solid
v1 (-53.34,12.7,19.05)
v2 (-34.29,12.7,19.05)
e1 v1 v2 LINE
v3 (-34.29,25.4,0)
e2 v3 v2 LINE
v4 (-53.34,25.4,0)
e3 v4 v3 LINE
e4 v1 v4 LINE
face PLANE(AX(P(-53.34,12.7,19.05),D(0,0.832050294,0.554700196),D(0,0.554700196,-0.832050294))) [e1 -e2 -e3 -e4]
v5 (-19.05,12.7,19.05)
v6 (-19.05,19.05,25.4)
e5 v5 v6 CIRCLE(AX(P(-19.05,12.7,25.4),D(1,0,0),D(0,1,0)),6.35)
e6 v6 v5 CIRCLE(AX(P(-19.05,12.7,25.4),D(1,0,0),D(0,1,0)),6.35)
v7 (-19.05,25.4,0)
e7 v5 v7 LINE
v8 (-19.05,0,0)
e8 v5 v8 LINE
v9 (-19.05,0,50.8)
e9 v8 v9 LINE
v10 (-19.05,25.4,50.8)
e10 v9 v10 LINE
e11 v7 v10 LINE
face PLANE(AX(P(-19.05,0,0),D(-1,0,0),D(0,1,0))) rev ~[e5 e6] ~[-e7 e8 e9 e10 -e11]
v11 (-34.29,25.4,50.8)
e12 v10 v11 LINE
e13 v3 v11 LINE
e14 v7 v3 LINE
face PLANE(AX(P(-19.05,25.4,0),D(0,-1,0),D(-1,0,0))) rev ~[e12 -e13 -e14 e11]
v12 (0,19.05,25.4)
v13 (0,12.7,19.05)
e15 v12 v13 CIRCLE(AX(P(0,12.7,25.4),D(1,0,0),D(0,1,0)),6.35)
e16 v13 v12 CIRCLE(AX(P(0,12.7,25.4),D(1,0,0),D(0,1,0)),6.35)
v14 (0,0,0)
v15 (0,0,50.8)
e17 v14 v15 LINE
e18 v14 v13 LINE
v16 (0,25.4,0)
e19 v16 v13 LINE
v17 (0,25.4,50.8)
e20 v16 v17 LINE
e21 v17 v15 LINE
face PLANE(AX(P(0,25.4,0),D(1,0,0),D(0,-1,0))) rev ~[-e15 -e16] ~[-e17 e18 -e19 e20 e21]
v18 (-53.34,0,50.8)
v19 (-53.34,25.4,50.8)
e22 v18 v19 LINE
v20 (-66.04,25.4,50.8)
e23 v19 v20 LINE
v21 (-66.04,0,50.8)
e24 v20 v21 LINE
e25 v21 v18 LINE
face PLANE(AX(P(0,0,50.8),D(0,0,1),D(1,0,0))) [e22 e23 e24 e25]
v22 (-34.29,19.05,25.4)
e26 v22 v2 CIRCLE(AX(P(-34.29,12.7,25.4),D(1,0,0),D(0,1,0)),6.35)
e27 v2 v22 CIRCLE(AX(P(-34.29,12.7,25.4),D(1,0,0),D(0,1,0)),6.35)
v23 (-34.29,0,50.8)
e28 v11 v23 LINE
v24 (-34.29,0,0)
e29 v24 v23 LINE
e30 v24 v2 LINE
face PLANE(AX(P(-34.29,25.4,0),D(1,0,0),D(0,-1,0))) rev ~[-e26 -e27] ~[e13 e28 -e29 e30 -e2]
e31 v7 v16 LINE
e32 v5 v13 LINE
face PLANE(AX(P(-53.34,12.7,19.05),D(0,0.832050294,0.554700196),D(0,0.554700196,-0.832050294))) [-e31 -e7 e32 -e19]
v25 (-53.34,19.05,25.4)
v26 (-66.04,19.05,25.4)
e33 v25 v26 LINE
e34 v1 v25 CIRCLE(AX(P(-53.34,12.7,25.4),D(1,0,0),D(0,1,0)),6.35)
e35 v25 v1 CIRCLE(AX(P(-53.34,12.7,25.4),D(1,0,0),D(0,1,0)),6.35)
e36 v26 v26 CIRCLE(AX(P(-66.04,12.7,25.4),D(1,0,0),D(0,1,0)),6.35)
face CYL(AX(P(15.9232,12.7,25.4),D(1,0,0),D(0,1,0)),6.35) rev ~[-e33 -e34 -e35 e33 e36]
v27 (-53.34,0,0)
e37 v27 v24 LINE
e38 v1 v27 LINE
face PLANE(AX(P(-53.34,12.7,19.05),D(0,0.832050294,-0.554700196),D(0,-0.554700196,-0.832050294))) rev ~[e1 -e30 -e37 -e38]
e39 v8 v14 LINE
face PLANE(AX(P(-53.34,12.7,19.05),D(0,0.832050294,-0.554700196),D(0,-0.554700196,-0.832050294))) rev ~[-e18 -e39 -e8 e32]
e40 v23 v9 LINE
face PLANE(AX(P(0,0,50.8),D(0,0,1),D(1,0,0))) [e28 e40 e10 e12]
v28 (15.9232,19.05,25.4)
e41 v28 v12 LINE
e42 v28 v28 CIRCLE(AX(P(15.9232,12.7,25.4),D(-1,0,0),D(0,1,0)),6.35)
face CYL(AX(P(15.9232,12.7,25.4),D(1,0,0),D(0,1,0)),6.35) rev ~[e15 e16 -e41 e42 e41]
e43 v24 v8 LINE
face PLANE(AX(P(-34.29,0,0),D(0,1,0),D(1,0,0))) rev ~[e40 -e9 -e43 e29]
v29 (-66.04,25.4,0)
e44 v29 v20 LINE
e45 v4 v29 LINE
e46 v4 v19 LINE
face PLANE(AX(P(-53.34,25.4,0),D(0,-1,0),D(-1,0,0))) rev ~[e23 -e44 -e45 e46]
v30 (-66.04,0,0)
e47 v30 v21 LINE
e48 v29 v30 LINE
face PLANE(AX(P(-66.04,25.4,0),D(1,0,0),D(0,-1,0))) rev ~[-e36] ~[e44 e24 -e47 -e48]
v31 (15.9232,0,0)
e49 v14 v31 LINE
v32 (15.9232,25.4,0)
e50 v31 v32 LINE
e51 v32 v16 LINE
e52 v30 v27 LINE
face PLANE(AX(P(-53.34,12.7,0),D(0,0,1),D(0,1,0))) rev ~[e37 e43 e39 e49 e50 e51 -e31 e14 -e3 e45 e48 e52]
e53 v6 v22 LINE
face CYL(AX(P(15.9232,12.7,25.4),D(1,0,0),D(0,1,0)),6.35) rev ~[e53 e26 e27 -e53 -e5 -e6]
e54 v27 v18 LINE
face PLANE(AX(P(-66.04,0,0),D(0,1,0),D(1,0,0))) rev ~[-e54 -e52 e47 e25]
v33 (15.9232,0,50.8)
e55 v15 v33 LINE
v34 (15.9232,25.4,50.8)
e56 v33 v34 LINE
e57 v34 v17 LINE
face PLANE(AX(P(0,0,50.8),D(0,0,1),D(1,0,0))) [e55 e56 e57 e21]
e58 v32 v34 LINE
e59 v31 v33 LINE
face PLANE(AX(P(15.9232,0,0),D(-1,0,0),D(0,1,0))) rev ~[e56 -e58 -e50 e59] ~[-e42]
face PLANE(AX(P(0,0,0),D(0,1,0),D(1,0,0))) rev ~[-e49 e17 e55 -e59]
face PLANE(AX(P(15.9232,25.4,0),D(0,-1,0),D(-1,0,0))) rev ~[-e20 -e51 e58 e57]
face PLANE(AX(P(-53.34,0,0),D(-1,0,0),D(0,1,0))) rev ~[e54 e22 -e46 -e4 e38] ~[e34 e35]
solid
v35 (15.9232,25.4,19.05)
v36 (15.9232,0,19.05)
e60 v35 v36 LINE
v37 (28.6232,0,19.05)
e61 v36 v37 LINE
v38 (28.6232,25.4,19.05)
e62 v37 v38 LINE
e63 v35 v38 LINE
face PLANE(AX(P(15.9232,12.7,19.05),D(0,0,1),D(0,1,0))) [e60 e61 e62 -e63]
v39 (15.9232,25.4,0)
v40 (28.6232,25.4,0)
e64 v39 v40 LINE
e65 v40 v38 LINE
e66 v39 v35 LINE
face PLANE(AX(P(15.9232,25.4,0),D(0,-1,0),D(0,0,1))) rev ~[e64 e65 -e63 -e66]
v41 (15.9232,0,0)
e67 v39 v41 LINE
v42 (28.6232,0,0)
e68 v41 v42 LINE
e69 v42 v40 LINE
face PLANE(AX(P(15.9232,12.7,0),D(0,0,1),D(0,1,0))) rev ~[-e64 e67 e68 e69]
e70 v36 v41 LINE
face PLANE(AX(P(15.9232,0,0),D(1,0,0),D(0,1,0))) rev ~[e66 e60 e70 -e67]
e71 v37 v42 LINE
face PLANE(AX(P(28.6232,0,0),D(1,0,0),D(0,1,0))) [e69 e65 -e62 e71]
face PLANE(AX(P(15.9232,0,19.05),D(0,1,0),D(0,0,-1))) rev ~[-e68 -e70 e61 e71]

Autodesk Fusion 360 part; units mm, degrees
sketch "Sketch1" plane through (0, 0, 0) normal (0, 0, 1) x (1, 0, 0)
  line L0 (-66.04, 0) -> (-53.34, 0)
  line L1 (-53.34, 0) -> (-53.34, 25.4)
  line L2 (-53.34, 25.4) -> (-66.04, 25.4)
  line L3 (-66.04, 25.4) -> (-66.04, 0)
  line L4 (-34.29, 0) -> (-19.05, 0)
  line L5 (-19.05, 0) -> (-19.05, 25.4)
  line L6 (-19.05, 25.4) -> (-34.29, 25.4)
  line L7 (-34.29, 25.4) -> (-34.29, 0)
  line L8 (0, 0) -> (15.9232, 0)
  line L9 (15.9232, 0) -> (15.9232, 25.4)
  line L10 (15.9232, 25.4) -> (0, 25.4)
  line L11 (0, 25.4) -> (0, 0)
  dimension "d5" = 12.7
  dimension "d6" = 25.4
  dimension "d7" = 19.05
  dimension "d8" = 25.4
  dimension "d9" = 19.05
  dimension "d10" = 25.4
extrude "Extrude1" add sketch "Sketch1" along normal blind 50.8 makes body 1 at (0, 16.9333, 33.8667) makes body 2 at (-34.29, 16.9333, 33.8667) makes body 3 at (-66.04, 16.9333, 33.8667)
sketch "Sketch2" plane through (15.9232, 0, 0) normal (1, 0, 0) x (0, 1, 0)
  line L0 (0, 0) -> (25.4, 0)
  line L1 (25.4, 0) -> (25.4, 50.8)
  line L2 (25.4, 50.8) -> (0, 50.8)
  line L3 (0, 50.8) -> (0, 0)
  line L4 (12.7, 0) -> (12.7, 53.34)
  line L5 (25.4, 25.4) -> (-2.54, 25.4)
  circle A0 centre (12.7, 25.4) radius 6.35
  dimension "d15" = 12.7
extrude "Extrude2" cut sketch "Sketch2" against normal blind 96.52 contours L4 L5 A0 | L4 L5 A0 | L4 L5 A0 | L4 L5 A0 bodies 1 2 3
sketch "Sketch3" plane through (-53.34, 0, 0) normal (1, 0, 0) x (0, 1, 0)
  circle A0 centre (12.7, 25.4) radius 6.35
  line L0 (0, 0) -> (25.4, 0)
  line L1 (25.4, 0) -> (25.4, 50.8)
  line L2 (25.4, 50.8) -> (0, 50.8)
  line L3 (0, 50.8) -> (0, 0)
  line L4 (12.7, 25.4) -> (12.7, 0)
  line L5 (12.7, 19.05) -> (0, 0)
  line L6 (12.7, 19.05) -> (25.4, 0)
  line L7 (25.4, 0) -> (0, 0)
extrude "Extrude3" add sketch "Sketch3" along normal blind 68.58 contours L0 L4 L6 L7 | L0 L4 L5 L7 bodies 1 2 3
sketch "Sketch4" plane through (15.9232, 0, 0) normal (1, 0, 0) x (0, 1, 0)
  circle A0 centre (12.7, 25.4) radius 6.35
  line L0 (0, 0) -> (25.4, 0)
  line L1 (25.4, 0) -> (25.4, 50.8)
  line L2 (25.4, 50.8) -> (0, 50.8)
  line L3 (0, 50.8) -> (0, 0)
  line L4 (12.7, 0) -> (12.7, 50.8)
  line L5 (12.7, 19.05) -> (0, 19.05)
  line L6 (12.7, 19.05) -> (25.4, 19.05)
  line L7 (0, 19.05) -> (25.4, 19.05)
  line L8 (25.4, 19.05) -> (25.4, 0)
  line L9 (25.4, 0) -> (0, 0)
  line L10 (0, 0) -> (0, 19.05)
extrude "Extrude4" add sketch "Sketch4" along normal blind 12.7 separate body contours L0 L1 L4 L6 L7 L8 L9 | L0 L3 L4 L5 L7 L9 L10 makes body 4
sketch "Sketch5" plane through (0, 0, 19.05) normal (0, 0, 1) x (-1, 0, 0)
  line L0 (-15.9232, -25.4) -> (-15.9232, 0)
  line L1 (-15.9232, 0) -> (-28.6232, 0)
  line L2 (-28.6232, 0) -> (-28.6232, -25.4)
  line L3 (-28.6232, -25.4) -> (-15.9232, -25.4)
  line L4 (-17.78, -12.7) -> (-27.94, -12.7) construction
  line L5 (-27.94, -12.7) -> (-27.94, -20.32) construction
  line L6 (-27.94, -20.32) -> (-17.78, -20.32) construction
  line L7 (-17.78, -20.32) -> (-17.78, -12.7) construction
  dimension "d23" = 2.54
equation "SorterLength = 1 in"
equation "SorterWidth = 0.5 in"
equation "WallWidth = SorterWidth * 1.2"
equation "WallLength = SorterLength * 1.2"
equation "d5 = SorterWidth"
equation "d6 = SorterLength"
equation "d7 = 1.5 * SorterWidth"
equation "d8 = SorterLength"
equation "d9 = 1.5 * SorterWidth"
equation "d10 = SorterLength"
equation "depth = 2 in"
equation "d12 = depth"
equation "AxleHoleDia = 0.5 in"
equation "d15 = AxleHoleDia"
